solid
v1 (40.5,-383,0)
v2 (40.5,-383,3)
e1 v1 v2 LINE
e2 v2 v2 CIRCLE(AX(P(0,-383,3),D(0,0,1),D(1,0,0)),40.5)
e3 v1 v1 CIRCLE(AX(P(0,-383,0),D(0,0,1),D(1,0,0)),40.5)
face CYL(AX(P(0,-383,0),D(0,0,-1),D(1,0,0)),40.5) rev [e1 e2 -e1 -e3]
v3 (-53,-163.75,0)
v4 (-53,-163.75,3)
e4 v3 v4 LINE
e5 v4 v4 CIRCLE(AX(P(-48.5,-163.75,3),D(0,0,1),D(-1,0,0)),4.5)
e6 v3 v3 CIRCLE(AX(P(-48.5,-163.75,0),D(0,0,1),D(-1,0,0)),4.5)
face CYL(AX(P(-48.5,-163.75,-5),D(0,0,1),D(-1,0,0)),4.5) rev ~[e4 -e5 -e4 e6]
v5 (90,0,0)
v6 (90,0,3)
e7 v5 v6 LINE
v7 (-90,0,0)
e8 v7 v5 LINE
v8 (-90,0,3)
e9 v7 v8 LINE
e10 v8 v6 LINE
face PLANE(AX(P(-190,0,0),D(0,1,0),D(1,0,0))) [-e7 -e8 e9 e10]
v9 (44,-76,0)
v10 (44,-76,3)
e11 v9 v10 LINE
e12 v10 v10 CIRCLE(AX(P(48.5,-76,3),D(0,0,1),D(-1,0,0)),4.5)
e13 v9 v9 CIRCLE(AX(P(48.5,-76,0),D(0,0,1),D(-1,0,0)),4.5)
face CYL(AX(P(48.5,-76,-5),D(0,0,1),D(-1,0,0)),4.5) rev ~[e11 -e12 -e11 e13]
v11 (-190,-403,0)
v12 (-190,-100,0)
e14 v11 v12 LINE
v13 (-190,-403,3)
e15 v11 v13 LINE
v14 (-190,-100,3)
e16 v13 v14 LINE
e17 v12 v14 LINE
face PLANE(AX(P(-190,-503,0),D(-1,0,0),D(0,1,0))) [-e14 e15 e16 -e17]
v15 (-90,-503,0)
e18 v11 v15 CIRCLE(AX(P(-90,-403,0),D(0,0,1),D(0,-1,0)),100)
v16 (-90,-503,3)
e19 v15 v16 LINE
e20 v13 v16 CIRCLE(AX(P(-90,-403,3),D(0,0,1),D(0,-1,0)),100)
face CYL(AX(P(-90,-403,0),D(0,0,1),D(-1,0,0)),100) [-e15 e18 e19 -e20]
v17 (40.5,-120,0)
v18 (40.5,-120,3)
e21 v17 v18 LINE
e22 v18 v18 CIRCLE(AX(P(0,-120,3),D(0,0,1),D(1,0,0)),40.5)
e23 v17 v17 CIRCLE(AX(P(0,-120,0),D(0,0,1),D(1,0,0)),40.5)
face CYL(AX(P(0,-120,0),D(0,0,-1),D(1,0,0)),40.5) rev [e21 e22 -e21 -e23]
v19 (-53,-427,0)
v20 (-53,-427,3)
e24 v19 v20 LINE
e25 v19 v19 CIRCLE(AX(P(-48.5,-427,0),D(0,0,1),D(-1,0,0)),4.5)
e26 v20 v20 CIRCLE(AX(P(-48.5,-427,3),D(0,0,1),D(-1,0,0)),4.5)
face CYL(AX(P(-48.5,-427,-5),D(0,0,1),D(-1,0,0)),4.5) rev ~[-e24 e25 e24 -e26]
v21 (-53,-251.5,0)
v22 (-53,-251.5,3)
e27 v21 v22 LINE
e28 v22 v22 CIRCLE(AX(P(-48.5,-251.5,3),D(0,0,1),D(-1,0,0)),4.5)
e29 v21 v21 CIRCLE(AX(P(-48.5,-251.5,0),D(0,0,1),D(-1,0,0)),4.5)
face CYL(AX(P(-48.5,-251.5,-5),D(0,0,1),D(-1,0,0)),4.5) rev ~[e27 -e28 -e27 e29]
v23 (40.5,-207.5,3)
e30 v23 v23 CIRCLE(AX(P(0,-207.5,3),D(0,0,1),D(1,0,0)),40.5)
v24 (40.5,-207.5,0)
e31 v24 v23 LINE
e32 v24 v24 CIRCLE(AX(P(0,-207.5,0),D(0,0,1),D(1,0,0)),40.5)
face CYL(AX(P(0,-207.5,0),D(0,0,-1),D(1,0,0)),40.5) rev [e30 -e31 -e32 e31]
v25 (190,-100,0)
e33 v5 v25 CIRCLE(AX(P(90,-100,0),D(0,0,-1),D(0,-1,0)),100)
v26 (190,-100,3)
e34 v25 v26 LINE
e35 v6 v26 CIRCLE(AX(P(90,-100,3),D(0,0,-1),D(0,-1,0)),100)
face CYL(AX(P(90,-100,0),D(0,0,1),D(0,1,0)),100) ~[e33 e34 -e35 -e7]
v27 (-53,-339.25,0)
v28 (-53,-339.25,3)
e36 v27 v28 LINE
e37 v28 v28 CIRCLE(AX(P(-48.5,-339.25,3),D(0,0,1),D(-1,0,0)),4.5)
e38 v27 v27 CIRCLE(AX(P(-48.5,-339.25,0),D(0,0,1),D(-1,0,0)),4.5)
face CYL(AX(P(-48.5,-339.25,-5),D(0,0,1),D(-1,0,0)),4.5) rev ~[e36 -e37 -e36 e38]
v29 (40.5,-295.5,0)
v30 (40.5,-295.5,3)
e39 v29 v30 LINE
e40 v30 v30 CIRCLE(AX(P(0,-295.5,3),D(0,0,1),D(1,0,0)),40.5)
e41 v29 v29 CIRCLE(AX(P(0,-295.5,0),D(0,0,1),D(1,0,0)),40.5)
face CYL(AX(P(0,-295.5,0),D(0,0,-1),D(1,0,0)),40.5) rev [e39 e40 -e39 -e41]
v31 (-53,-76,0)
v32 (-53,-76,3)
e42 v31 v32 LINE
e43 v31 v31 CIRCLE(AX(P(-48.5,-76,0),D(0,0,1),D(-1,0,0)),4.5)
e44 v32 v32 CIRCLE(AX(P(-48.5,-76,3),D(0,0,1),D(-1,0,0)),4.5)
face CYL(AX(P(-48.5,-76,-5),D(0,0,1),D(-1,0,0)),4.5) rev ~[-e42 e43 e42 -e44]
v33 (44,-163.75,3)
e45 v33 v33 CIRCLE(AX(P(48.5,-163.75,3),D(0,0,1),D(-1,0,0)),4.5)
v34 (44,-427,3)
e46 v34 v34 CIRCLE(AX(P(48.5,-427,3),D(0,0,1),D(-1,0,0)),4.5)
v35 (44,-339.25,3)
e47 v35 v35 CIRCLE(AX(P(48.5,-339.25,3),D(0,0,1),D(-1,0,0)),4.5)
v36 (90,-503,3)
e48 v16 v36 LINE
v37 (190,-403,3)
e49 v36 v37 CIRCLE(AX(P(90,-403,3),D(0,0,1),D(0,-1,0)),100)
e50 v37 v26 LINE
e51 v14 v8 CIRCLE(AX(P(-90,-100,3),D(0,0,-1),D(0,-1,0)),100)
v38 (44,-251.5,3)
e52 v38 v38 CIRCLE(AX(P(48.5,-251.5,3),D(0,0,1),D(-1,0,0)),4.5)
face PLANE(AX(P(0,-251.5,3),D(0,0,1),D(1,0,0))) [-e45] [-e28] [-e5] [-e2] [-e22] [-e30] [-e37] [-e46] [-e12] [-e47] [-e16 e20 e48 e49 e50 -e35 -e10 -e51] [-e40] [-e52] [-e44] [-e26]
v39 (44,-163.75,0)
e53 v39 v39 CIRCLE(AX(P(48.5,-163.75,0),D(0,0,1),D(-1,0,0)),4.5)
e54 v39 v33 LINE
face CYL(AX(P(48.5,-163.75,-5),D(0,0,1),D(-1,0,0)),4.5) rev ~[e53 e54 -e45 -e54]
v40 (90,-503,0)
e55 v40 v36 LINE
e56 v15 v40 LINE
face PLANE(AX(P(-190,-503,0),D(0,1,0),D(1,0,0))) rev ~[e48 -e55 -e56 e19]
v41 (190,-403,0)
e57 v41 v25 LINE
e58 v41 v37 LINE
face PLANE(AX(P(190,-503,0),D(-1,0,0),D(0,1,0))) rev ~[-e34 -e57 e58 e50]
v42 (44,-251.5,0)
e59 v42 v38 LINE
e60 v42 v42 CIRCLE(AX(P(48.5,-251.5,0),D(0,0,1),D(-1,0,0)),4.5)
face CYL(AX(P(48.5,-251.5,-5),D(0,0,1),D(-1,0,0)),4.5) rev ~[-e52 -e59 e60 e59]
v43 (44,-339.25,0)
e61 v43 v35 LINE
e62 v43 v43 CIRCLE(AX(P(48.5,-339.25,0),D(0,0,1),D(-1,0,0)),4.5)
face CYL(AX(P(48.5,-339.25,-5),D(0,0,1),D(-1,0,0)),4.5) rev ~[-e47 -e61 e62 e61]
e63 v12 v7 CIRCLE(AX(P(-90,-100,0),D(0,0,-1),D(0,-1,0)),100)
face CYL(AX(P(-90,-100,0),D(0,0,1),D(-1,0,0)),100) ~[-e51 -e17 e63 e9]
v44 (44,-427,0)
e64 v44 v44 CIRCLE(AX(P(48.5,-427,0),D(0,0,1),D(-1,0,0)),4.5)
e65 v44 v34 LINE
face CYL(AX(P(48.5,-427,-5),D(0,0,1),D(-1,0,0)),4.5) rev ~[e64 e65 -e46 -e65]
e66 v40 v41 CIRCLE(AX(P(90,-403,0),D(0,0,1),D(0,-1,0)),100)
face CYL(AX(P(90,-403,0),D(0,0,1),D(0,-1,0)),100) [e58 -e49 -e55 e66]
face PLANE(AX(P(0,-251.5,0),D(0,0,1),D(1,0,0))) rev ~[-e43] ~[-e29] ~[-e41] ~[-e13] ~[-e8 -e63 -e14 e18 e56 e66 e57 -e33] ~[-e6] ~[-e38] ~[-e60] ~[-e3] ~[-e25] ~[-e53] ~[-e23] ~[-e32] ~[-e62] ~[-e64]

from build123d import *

# Parameters (mm, degrees)
F0_W     = 380
F0_H     = 503
F0_R     = 40.5
F1_DEPTH = 3
F2_R     = 100
F3_D     = 9
F3_DEPTH = 5
F3_TIP   = 2.7038727856


with BuildPart() as f1:
    # F0 (on Top) → F1 (new body)
    with BuildSketch(Plane.XY):
        with Locations((0, -251.5)):
            Rectangle(F0_W, F0_H)
        with Locations((0, -383)):
            Circle(F0_R, mode=Mode.SUBTRACT)
        with Locations((0, -295.5)):
            Circle(F0_R, mode=Mode.SUBTRACT)
        with Locations((0, -207.5)):
            Circle(F0_R, mode=Mode.SUBTRACT)
        with Locations((0, -120)):
            Circle(F0_R, mode=Mode.SUBTRACT)
    extrude(amount=F1_DEPTH)

    # F2
    f2_edges = [f1.edges().sort_by_distance(p)[0] for p in [
        (-190, 0, 1.5),
        (190, 0, 1.5),
        (-190, -503, 1.5),
        (190, -503, 1.5),
    ]]
    fillet(f2_edges, radius=F2_R)

    # F3
    with Locations(Plane(origin=(0, 0, 0), x_dir=(1, 0, 0), z_dir=(0, 0, -1))):
        with Locations((-48.5, 76), (48.5, 76), (-48.5, 163.75), (48.5, 163.75), (-48.5, 251.5), (48.5, 251.5), (-48.5, 339.25), (48.5, 339.25), (-48.5, 427), (48.5, 427)):
            Hole(F3_D / 2, depth=F3_DEPTH)
            with Locations((0, 0, -(F3_DEPTH + F3_TIP / 2))):  # 118° drill point
                Cone(0, F3_D / 2, F3_TIP, mode=Mode.SUBTRACT)


solid = f1.part
